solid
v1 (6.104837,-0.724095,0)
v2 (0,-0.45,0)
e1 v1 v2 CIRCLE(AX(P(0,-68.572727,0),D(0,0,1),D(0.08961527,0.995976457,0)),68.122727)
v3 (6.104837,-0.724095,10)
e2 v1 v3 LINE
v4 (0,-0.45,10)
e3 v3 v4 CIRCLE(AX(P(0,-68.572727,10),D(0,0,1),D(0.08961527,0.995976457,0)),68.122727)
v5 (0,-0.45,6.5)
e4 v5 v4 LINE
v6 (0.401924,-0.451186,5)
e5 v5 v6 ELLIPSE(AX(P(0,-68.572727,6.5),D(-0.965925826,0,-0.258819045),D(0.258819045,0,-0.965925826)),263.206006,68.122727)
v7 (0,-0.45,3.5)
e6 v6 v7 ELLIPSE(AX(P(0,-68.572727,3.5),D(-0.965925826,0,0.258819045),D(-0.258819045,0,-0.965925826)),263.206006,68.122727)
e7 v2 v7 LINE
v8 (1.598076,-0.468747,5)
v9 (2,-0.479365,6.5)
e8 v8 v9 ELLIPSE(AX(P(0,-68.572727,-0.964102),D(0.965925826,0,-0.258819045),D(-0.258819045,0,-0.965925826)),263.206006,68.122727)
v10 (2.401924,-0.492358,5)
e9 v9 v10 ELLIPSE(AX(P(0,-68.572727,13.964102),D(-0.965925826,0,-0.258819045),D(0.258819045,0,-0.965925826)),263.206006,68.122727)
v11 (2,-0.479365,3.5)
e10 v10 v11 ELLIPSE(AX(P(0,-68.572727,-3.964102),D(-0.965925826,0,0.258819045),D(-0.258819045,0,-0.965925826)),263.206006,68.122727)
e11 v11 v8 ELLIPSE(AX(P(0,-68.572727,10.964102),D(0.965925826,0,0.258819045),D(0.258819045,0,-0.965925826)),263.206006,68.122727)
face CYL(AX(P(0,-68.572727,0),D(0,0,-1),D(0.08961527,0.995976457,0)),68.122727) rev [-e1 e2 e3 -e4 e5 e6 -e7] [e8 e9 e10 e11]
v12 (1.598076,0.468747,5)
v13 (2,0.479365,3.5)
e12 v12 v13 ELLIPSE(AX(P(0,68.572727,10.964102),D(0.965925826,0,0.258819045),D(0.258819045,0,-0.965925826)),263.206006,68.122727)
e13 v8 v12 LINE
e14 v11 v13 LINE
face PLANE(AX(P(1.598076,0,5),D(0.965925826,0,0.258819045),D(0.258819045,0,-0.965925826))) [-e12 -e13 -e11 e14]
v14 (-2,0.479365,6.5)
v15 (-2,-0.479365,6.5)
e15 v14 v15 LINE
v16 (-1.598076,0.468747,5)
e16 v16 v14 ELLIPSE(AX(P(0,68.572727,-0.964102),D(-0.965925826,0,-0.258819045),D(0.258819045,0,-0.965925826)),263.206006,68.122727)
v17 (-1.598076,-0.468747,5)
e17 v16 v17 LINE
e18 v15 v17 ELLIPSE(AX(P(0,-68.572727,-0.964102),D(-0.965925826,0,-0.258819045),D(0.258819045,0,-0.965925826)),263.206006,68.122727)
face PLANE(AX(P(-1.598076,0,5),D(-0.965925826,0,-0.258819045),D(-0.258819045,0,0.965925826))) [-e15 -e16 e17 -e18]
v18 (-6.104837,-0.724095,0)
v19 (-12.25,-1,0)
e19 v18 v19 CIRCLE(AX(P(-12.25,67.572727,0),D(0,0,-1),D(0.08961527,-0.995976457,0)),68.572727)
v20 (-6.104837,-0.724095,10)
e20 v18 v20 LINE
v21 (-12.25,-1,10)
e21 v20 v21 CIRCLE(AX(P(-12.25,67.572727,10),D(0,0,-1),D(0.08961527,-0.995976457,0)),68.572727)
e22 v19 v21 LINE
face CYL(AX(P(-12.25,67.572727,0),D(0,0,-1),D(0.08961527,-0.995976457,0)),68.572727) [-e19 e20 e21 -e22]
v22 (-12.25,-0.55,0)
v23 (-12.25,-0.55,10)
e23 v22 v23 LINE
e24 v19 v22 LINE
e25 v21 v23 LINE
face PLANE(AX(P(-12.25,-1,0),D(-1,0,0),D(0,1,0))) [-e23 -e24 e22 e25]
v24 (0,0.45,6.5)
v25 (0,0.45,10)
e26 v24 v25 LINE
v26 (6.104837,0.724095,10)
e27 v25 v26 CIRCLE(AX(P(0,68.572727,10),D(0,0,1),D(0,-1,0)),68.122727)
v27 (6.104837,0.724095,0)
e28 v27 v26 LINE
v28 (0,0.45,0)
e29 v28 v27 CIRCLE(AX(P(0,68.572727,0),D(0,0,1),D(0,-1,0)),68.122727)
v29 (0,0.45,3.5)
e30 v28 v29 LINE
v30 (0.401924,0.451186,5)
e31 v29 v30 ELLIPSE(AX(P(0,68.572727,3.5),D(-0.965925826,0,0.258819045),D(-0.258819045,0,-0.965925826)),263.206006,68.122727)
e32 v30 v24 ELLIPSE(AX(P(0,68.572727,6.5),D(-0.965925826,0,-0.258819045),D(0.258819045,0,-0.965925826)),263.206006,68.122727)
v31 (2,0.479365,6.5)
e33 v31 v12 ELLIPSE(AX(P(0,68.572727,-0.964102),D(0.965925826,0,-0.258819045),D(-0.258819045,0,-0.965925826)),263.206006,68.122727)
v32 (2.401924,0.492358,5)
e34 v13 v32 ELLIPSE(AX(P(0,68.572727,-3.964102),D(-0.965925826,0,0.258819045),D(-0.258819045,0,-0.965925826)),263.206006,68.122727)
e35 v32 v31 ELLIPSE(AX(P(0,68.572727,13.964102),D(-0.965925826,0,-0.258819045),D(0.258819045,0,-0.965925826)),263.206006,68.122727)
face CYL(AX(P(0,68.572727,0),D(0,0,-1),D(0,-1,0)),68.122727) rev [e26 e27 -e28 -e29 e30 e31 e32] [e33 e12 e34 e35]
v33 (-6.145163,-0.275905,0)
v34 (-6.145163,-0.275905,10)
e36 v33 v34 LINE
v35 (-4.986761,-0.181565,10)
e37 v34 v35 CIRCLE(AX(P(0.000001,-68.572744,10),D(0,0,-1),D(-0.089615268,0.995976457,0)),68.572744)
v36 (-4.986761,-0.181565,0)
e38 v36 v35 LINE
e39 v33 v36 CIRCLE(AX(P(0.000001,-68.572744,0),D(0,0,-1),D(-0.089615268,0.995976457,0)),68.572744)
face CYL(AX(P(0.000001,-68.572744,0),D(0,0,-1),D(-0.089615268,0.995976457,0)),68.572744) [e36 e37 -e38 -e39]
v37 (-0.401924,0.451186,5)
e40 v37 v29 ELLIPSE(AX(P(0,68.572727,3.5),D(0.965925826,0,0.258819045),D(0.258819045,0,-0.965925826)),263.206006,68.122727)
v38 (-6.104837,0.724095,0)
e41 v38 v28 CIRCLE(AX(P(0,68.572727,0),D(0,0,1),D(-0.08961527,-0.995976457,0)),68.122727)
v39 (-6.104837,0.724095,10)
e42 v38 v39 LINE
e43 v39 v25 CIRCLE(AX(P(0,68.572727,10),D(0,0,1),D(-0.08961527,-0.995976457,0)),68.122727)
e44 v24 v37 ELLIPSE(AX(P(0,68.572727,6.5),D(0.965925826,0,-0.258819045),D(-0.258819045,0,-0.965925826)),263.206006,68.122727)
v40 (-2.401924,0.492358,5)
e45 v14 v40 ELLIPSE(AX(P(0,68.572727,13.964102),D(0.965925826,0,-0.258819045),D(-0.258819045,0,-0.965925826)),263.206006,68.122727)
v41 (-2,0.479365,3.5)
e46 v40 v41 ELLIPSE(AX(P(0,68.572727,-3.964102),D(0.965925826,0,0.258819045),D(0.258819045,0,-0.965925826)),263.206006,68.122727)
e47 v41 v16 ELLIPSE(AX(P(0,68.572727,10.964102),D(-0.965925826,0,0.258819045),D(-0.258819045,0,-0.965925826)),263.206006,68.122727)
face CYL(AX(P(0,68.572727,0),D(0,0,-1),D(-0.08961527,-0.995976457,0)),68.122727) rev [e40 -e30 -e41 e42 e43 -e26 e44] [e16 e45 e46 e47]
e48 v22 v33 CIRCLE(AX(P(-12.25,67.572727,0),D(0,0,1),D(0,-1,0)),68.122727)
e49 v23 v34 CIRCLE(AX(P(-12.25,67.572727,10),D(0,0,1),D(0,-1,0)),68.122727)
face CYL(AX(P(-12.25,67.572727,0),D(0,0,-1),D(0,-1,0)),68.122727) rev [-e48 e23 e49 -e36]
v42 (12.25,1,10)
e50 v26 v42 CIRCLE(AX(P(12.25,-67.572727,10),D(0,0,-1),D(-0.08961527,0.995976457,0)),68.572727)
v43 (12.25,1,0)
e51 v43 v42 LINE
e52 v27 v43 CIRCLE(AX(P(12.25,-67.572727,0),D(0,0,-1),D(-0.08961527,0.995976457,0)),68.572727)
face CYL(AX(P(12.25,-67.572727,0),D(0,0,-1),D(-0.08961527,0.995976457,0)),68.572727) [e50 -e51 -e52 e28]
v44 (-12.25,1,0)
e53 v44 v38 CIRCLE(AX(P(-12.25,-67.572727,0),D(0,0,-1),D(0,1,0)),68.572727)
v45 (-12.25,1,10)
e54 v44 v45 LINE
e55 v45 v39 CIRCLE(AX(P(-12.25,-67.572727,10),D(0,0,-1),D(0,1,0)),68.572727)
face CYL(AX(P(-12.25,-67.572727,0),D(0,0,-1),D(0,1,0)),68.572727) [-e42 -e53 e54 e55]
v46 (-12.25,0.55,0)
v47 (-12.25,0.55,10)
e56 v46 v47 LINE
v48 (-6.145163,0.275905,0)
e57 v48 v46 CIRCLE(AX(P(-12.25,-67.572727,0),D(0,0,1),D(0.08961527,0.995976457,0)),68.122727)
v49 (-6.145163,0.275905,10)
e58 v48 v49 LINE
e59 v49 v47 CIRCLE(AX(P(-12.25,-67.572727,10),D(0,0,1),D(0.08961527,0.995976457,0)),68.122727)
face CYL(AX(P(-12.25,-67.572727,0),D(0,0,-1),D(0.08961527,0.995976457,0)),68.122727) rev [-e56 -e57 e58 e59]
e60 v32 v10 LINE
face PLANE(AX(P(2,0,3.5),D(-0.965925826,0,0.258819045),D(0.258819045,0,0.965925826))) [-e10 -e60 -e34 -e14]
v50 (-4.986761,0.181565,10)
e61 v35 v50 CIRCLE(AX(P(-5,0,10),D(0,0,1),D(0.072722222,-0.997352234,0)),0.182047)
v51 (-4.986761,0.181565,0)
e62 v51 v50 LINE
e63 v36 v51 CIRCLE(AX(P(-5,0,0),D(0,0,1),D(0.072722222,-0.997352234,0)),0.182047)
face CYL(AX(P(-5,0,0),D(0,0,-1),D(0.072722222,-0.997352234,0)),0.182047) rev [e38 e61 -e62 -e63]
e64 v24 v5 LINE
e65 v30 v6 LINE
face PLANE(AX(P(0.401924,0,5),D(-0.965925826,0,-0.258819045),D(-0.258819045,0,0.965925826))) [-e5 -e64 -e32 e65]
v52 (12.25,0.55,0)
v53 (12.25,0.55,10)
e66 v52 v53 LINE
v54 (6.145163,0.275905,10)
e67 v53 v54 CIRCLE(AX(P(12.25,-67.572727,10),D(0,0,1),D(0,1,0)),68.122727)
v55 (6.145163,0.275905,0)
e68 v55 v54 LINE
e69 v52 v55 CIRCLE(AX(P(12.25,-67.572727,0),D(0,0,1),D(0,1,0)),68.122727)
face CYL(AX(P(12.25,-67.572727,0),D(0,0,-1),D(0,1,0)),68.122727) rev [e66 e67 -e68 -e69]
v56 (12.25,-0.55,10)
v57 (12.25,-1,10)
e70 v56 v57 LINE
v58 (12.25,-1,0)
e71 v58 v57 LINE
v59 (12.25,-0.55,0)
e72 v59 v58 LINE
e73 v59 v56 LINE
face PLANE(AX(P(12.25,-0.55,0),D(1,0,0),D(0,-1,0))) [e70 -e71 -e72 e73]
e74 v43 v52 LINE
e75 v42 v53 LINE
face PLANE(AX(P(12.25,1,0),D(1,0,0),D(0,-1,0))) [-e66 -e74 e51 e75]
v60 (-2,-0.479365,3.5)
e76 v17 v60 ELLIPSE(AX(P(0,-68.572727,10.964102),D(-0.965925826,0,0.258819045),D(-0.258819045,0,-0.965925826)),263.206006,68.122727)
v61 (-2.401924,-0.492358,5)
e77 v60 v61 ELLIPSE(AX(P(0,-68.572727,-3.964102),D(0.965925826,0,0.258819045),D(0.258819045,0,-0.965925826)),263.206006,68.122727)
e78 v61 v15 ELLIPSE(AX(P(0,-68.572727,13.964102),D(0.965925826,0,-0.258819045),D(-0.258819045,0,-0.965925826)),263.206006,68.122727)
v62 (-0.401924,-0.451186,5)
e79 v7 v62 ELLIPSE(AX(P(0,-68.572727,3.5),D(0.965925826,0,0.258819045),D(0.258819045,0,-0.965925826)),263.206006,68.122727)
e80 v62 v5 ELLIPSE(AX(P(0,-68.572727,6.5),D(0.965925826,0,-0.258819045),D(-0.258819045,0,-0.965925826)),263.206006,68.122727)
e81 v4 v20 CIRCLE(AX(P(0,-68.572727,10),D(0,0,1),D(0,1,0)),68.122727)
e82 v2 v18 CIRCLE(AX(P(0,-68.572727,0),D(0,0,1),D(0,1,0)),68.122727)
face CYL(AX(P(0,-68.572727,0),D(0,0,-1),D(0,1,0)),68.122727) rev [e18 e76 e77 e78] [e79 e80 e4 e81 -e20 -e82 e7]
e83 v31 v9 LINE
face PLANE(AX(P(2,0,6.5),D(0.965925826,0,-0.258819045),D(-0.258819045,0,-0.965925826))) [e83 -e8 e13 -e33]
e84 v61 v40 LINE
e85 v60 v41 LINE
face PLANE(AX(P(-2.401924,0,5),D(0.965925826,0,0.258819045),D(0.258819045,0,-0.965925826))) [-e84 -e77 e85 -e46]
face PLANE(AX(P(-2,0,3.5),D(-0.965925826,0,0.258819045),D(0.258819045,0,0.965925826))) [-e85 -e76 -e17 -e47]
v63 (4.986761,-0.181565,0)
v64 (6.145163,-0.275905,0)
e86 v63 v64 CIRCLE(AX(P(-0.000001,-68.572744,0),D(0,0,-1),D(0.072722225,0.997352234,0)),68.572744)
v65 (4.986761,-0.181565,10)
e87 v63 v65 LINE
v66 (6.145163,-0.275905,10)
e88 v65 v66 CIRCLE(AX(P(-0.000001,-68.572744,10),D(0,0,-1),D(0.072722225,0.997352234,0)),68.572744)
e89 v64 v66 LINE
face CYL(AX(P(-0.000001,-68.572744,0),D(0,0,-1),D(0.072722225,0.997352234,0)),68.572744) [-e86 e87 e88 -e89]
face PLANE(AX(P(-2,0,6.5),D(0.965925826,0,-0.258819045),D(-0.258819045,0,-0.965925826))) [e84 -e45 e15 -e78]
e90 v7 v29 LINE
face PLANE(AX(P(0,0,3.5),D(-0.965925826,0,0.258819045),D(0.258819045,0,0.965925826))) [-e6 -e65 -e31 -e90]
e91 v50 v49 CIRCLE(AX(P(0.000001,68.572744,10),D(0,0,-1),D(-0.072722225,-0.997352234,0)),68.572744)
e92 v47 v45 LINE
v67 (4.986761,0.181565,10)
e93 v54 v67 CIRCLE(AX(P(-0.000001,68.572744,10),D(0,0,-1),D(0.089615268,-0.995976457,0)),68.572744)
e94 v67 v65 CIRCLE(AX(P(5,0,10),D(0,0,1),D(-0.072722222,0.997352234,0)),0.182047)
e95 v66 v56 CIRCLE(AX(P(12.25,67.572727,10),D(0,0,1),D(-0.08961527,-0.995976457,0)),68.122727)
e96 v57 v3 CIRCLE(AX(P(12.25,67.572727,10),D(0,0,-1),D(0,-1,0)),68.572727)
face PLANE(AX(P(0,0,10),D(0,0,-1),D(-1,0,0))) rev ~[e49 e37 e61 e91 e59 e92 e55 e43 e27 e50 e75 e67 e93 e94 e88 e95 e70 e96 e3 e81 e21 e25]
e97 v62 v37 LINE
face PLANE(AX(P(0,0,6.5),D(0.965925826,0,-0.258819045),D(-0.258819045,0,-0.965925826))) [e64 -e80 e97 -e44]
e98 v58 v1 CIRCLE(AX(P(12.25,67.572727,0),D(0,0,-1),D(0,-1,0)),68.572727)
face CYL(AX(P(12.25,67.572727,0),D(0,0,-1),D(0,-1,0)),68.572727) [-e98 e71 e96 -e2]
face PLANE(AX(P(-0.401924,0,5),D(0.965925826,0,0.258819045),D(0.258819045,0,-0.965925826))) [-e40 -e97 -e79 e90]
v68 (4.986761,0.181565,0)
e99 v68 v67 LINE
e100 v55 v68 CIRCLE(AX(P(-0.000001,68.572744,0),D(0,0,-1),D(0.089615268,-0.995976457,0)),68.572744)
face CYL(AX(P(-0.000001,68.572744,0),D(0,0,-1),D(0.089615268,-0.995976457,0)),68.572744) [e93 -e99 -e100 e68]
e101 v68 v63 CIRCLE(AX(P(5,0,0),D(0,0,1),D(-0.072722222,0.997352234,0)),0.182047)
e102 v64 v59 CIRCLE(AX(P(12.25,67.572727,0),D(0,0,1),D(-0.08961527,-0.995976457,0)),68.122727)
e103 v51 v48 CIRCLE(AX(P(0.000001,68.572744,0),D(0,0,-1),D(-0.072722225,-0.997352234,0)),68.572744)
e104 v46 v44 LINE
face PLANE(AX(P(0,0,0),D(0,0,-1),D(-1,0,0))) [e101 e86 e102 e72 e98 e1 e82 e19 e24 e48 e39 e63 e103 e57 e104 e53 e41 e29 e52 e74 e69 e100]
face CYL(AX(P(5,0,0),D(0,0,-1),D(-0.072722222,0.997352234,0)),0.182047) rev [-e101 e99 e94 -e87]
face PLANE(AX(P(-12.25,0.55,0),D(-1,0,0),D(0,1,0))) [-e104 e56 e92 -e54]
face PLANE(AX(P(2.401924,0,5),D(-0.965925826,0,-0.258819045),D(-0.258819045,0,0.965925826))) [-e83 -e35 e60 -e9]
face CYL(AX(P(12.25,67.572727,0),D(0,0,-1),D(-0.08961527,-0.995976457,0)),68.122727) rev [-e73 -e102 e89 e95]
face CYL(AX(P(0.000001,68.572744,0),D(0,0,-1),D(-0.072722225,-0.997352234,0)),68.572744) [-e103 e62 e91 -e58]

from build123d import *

# Parameters (mm, degrees)
BOSS_EXTRUDE1_DEPTH = 10
CUT_EXTRUDE1_DEPTH  = 2
LPATTERN1_COUNT     = 3
LPATTERN1_PITCH     = 2


with BuildPart() as part:
    # Sketch2 → Boss-Extrude1 (new body)
    with BuildSketch(Plane.XY):
        with BuildLine():
            Line((12.25, 1), (12.25, 0.55))
            ThreePointArc((12.25, 0.55), (9.194506694, 0.481441826), (6.145163436, 0.275905297))
            ThreePointArc((6.145163436, 0.275905297), (5.566162178, 0.226280663), (4.986761169, 0.181564549))
            ThreePointArc((4.986761169, 0.181564549), (4.817953434, 0), (4.986761169, -0.181564549))
            ThreePointArc((4.986761169, -0.181564549), (5.566162178, -0.226280663), (6.145163436, -0.275905297))
            ThreePointArc((6.145163436, -0.275905297), (9.194506694, -0.481441826), (12.25, -0.55))
            Line((12.25, -0.55), (12.25, -1))
            ThreePointArc((12.25, -1), (9.174322945, -0.93098895), (6.104836564, -0.724094703))
            ThreePointArc((6.104836564, -0.724094703), (3.055493306, -0.518558174), (0, -0.45))
            ThreePointArc((0, -0.45), (-3.055493306, -0.518558174), (-6.104836564, -0.724094703))
            ThreePointArc((-6.104836564, -0.724094703), (-9.174322945, -0.93098895), (-12.25, -1))
            Line((-12.25, -1), (-12.25, -0.55))
            ThreePointArc((-12.25, -0.55), (-9.194506694, -0.481441826), (-6.145163436, -0.275905297))
            ThreePointArc((-6.145163436, -0.275905297), (-5.566162178, -0.226280663), (-4.986761169, -0.181564549))
            ThreePointArc((-4.986761169, -0.181564549), (-4.817953434, 0), (-4.986761169, 0.181564549))
            ThreePointArc((-4.986761169, 0.181564549), (-5.566162178, 0.226280663), (-6.145163436, 0.275905297))
            ThreePointArc((-6.145163436, 0.275905297), (-9.194506694, 0.481441826), (-12.25, 0.55))
            Line((-12.25, 0.55), (-12.25, 1))
            ThreePointArc((-12.25, 1), (-9.174322945, 0.93098895), (-6.104836564, 0.724094703))
            ThreePointArc((-6.104836564, 0.724094703), (-3.055493306, 0.518558174), (0, 0.45))
            ThreePointArc((0, 0.45), (3.055493306, 0.518558174), (6.104836564, 0.724094703))
            ThreePointArc((6.104836564, 0.724094703), (9.174322945, 0.93098895), (12.25, 1))
        make_face()
    extrude(amount=BOSS_EXTRUDE1_DEPTH)

    # Sketch3 → Cut-Extrude1 (cut, symmetric)
    with BuildSketch(Plane(origin=(0, 0, 0), x_dir=(1, 0, 0), z_dir=(0, 1, 0))):
        Polygon((-2, -3.5), (-1.598076211, -5), (-2, -6.5), (-2.401923789, -5), align=None)
    cut_extrude1 = extrude(amount=CUT_EXTRUDE1_DEPTH, both=True, mode=Mode.SUBTRACT)

    # LPattern1: Cut-Extrude1 ×3
    with Locations(*[(i * LPATTERN1_PITCH, 0, 0) for i in range(1, LPATTERN1_COUNT)]):
        add(cut_extrude1, mode=Mode.SUBTRACT)


solid = part.part
